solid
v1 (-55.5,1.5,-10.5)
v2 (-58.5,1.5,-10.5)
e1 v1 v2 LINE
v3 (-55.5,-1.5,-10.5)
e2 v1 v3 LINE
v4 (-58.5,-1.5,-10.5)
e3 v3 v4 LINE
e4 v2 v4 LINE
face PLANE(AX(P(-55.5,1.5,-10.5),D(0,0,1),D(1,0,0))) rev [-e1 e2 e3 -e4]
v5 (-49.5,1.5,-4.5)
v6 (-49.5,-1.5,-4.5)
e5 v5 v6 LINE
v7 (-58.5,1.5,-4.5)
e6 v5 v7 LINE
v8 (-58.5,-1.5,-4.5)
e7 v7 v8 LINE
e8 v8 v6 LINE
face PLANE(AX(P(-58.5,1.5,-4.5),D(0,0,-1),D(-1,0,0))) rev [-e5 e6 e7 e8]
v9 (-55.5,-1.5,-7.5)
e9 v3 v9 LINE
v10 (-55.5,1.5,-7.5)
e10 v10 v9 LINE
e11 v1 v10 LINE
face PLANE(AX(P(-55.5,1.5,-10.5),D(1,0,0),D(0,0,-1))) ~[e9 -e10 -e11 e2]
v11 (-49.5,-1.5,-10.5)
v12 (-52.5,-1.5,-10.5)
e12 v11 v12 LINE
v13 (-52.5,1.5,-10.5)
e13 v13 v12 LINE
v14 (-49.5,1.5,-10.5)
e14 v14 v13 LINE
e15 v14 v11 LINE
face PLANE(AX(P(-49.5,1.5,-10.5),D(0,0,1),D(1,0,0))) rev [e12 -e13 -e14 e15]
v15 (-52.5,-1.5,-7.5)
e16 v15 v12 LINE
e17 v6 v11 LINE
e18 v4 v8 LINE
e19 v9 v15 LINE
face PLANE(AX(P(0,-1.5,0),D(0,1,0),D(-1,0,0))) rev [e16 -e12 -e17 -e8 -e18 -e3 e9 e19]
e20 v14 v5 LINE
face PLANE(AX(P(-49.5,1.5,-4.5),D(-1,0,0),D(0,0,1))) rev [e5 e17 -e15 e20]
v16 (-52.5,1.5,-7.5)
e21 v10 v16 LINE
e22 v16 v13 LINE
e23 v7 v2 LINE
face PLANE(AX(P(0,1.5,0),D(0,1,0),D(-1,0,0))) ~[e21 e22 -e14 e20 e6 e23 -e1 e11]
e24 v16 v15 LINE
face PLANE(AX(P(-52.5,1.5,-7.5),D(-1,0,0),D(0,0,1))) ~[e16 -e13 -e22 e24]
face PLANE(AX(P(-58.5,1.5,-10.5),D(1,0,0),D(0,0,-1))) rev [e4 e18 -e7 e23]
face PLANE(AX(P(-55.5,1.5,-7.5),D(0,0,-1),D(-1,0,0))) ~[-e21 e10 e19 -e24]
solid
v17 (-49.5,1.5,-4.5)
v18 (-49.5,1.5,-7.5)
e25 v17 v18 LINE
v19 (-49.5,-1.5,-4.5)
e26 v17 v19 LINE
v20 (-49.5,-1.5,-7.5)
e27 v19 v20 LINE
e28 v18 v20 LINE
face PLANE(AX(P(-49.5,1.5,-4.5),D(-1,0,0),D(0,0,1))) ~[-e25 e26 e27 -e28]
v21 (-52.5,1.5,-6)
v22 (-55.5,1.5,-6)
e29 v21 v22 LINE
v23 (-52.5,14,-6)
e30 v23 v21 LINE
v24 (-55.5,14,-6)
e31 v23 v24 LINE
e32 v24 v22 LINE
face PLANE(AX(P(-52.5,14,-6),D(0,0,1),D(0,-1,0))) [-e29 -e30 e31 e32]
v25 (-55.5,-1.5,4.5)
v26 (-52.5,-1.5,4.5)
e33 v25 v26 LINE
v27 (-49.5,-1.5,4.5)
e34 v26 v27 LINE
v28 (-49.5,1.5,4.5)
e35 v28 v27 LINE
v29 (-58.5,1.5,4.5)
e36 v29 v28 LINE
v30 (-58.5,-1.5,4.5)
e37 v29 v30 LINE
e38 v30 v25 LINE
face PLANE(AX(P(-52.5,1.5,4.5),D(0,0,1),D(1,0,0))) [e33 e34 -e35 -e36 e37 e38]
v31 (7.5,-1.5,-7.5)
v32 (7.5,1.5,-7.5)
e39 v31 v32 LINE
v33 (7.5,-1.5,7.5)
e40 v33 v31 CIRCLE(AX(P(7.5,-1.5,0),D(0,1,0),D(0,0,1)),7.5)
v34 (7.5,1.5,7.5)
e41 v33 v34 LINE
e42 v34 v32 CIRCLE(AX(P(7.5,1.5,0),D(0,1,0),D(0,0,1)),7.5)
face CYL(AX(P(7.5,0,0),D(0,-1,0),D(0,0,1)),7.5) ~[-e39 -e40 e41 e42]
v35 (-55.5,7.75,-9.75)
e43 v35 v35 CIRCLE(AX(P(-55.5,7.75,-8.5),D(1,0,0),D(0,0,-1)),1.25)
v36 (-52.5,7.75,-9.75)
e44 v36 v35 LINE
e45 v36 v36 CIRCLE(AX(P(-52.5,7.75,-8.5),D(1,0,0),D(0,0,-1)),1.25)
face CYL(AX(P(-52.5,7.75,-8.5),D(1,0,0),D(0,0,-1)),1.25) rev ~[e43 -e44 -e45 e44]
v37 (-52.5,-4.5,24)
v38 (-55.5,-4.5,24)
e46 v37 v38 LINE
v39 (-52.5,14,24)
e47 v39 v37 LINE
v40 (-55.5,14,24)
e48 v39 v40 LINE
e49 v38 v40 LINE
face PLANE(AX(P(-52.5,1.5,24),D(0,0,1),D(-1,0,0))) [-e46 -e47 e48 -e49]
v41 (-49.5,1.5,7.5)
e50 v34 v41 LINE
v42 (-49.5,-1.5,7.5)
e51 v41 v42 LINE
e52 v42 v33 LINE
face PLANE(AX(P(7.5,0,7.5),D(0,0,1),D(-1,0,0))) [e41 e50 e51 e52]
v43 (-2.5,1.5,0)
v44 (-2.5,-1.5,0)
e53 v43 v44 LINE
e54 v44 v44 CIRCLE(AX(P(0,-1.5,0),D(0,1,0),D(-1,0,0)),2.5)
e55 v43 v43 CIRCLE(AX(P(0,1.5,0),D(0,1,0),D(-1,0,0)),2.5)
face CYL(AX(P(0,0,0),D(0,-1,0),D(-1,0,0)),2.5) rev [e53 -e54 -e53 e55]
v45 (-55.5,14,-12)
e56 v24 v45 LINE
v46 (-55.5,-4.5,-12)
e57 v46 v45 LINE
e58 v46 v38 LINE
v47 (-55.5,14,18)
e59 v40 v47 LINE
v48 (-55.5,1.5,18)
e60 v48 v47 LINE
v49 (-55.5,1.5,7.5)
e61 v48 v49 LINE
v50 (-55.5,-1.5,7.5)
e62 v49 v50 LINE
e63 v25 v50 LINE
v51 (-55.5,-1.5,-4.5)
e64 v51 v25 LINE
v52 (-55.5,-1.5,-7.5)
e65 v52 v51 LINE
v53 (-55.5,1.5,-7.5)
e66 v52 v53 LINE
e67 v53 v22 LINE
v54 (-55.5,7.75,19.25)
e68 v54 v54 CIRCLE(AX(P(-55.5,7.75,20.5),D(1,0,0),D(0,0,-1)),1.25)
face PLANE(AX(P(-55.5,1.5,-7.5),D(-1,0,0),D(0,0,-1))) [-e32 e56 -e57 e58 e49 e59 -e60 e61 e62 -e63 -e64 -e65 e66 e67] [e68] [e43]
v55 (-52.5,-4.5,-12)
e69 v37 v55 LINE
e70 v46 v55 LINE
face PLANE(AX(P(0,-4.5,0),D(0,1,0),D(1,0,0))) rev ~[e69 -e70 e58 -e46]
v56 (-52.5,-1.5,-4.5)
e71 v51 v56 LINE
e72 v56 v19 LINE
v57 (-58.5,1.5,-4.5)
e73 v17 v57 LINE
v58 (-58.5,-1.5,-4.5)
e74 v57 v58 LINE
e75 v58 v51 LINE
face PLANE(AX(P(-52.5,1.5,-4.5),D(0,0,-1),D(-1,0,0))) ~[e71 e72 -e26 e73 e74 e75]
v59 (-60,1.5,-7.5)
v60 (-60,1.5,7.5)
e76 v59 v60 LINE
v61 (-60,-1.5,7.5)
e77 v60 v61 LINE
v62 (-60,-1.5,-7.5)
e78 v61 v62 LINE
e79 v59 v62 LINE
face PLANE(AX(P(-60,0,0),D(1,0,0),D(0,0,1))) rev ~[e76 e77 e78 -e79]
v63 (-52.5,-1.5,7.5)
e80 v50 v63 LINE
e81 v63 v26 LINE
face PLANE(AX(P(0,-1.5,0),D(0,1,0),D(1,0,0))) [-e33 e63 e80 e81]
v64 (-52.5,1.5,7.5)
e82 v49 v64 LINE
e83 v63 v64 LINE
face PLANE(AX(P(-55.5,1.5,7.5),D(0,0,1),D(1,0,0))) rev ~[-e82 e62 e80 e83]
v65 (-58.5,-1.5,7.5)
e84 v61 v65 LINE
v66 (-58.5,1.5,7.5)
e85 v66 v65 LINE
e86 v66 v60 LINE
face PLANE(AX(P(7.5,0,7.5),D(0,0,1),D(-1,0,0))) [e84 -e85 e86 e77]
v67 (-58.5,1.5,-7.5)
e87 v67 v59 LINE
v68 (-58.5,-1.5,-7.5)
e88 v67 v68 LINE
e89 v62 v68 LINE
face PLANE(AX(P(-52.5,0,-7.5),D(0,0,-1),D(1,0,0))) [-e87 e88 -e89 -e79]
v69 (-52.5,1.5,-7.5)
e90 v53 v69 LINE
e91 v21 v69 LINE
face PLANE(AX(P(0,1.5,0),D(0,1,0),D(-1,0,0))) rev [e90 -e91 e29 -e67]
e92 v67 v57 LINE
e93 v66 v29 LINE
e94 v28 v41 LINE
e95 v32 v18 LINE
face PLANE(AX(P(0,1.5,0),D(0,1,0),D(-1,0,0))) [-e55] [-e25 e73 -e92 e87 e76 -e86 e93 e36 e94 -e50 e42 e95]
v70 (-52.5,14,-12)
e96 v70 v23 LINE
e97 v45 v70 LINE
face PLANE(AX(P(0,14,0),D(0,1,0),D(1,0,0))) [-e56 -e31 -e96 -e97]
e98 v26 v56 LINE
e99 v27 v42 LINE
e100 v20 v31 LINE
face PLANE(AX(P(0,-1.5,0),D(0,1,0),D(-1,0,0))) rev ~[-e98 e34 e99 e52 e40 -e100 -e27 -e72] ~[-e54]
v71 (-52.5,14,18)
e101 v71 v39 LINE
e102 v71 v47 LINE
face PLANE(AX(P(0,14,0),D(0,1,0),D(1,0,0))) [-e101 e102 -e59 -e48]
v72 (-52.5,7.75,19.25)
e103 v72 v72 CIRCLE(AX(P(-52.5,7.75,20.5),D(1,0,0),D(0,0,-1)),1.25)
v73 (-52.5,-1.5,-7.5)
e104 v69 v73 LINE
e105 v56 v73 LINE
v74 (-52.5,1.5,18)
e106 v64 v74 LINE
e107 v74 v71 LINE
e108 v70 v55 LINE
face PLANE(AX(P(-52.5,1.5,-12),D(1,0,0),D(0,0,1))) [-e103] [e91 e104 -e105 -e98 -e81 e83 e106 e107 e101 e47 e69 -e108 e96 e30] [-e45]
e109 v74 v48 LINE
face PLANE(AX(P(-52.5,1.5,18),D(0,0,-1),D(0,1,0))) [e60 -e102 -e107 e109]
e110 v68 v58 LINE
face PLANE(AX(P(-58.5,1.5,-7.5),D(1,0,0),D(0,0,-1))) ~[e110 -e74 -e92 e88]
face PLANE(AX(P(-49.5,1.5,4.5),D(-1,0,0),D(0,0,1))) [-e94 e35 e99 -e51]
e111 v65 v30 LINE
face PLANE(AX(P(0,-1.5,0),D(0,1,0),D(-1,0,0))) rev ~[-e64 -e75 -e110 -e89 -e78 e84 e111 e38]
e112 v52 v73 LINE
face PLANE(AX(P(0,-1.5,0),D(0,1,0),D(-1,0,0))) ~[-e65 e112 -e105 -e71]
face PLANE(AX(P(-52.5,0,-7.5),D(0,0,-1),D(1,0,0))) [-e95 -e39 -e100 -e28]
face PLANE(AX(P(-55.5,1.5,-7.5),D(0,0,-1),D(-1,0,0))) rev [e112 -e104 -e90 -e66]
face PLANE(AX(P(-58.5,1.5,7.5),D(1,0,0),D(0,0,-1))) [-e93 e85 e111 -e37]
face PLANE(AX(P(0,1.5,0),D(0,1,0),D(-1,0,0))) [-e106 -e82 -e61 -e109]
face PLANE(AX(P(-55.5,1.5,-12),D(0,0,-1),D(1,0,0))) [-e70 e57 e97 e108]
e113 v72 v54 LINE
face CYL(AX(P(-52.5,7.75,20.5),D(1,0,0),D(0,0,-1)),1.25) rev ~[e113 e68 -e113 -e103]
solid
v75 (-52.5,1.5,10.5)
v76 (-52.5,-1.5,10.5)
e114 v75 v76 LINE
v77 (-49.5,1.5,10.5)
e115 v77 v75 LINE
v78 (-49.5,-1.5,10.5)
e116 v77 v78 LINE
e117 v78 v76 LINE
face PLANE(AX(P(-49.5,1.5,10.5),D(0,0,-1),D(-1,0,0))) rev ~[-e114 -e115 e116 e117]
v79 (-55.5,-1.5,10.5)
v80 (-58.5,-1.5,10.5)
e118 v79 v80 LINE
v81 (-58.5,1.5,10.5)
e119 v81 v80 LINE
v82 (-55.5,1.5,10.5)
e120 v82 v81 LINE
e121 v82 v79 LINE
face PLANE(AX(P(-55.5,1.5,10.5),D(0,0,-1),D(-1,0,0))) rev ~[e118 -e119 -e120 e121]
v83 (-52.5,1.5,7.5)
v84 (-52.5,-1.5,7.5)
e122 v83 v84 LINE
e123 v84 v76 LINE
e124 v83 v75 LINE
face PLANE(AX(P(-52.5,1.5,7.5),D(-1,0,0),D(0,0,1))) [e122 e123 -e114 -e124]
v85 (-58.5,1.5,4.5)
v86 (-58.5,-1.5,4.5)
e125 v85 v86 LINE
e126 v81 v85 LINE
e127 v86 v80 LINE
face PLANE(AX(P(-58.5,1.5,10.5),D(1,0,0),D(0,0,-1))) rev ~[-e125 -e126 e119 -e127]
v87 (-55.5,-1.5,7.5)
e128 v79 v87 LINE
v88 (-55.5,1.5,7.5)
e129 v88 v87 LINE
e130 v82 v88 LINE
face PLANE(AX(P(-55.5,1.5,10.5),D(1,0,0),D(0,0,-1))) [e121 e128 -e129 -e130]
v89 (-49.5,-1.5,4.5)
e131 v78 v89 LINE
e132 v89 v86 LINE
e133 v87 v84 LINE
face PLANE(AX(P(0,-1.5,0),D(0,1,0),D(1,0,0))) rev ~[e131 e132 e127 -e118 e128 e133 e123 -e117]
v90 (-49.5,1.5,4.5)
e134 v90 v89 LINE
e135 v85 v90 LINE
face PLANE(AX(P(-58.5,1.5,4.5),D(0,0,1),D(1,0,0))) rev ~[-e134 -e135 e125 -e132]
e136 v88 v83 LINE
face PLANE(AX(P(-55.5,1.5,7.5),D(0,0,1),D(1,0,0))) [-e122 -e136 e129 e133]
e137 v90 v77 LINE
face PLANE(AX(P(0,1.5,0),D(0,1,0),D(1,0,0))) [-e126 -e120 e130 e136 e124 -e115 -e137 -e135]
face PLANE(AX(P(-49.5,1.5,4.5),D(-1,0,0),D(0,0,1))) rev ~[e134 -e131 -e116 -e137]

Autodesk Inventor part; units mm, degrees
ref_plane "YZ Plane" through (0, 0, 0) normal (1, 0, 0) x (0, 1, 0)
ref_plane "XZ Plane" through (0, 0, 0) normal (0, 1, 0) x (-1, 0, 0)
ref_plane "XY Plane" through (0, 0, 0) normal (0, 0, 1) x (1, 0, 0)
sketch "草圖1" plane through (0, 0, 0) normal (0, 1, 0) x (-1, 0, 0)
  circle A0 centre (0, 0) radius 2.5
  line L0 (-15, 0) -> (60, 0) construction
  line L1 (-7.5, 7.5) -> (52.5, 7.5)
  line L2 (52.5, -7.5) -> (-7.5, -7.5)
  arc A1 (-7.5, 7.5) -> (-7.5, -7.5) centre (-7.5, 0) ccw
  arc A2 (52.5, -7.5) -> (52.5, 7.5) centre (52.5, 0) ccw
  line L3 (52.5, -7.5) -> (60, -7.5)
  line L4 (60, -7.5) -> (60, 7.5)
  line L5 (60, 7.5) -> (52.5, 7.5)
  line L6 (52.5, 7.5) -> (52.5, -7.5)
  point P0 (22.5, 0)
  point P1 (60, 0)
  point P2 (-15, 0)
  point P3 (60, 0)
  dimension "d0" = 5
  dimension "d5" = 15
  dimension "d6" = 60
  dimension "d7" = 15
extrude "擠出1" add sketch "草圖1" along normal mid plane 3
sketch "草圖2" plane through (0, 1.5, 0) normal (0, 1, 0) x (1, 0, 0)
  arc A0 (7.5, -7.5) -> (7.5, 7.5) centre (7.5, 0) ccw construction
  circle A1 centre (0, 0) radius 2.5 construction
  line L0 (-55.5, 12) -> (-52.5, 12)
  line L1 (-52.5, 12) -> (-52.5, -24)
  line L2 (-52.5, -24) -> (-55.5, -24)
  line L3 (-55.5, -24) -> (-55.5, 12)
  line L4 (-55.5, 6) -> (-52.5, 6)
  line L5 (-52.5, 6) -> (-52.5, -18)
  line L6 (-52.5, -18) -> (-55.5, -18)
  line L7 (-55.5, -18) -> (-55.5, 6)
  line L8 (-75, 0) -> (30, 0) construction
  line L9 (-60, -7.5) -> (7.5, -7.5) projected
  line L10 (7.5, 7.5) -> (-60, 7.5) projected
  line L11 (-60, 7.5) -> (-60, -7.5) projected
  point P0 (-52.5, -6)
  point P1 (-54, -18)
  point P2 (-54, 6)
  dimension "d10" = 36
  dimension "d11" = 3
  dimension "d12" = 24
  dimension "d14" = 6
  dimension "d32" = 4.5
extrude "擠出2" add sketch "草圖2" along normal blind 12.5 and the other way blind 6 contours L0 L1 L10 L3 | L10 L1 L4 L3 | L4 L1 L9 L3 | L9 L1 L6 L3 | L6 L1 L2 L3
sketch "草圖3" plane through (-52.5, -4.5, -12) normal (1, 0, 0) x (0, 0, -1)
  line L0 (0, 0) -> (0, 18.5) projected
  line L1 (-36, 18.5) -> (0, 18.5) projected
  line L2 (-36, 18.5) -> (-36, 0) projected
  line L3 (0, 0) -> (-36, 0) projected
  line L4 (-19.5, 3) -> (-4.5, 3) projected
  line L5 (-19.5, 6) -> (-19.5, 3) projected
  line L6 (-4.5, 6) -> (-19.5, 6) projected
  line L7 (-4.5, 3) -> (-4.5, 6) projected
  line L8 (0, 18.5) -> (-36, 18.5) projected
  line L9 (-30, 18.5) -> (-6, 18.5)
  line L10 (-6, 18.5) -> (-6, 6)
  line L11 (-6, 6) -> (-30, 6)
  line L12 (-30, 6) -> (-30, 18.5)
  point P0 (-12, 4.5)
  point P1 (-18, 18.5)
  point P2 (-19.5, 6)
  point P3 (-6, 18.5)
  dimension "d19" = 24
  dimension "d20" = 12.5
extrude "擠出3" cut sketch "草圖3" against normal up to surface (3 mm away) contours L10 L6 L11 L12 L1
sketch "草圖4" plane through (-52.5, -4.5, 24) normal (1, 0, 0) x (0, 0, -1)
  line L0 (6, 6) -> (6, 18.5) construction
  line L1 (0, 18.5) -> (6, 18.5) construction
  line L2 (0, 18.5) -> (0, 0) construction
  line L3 (36, 0) -> (0, 0) construction
  line L4 (36, 0) -> (36, 18.5) construction
  line L5 (30, 18.5) -> (36, 18.5) construction
  line L6 (30, 18.5) -> (30, 6) construction
  line L7 (31.5, 6) -> (30, 6) construction
  line L8 (31.5, 3) -> (31.5, 6) construction
  line L9 (16.5, 3) -> (31.5, 3) construction
  line L10 (16.5, 6) -> (16.5, 3) construction
  line L11 (16.5, 6) -> (6, 6) construction
  line L12 (0, 0) -> (0, 18.5) construction
  line L13 (0, 12.25) -> (36, 12.25) construction
  line L14 (36, 0) -> (36, 18.5) construction
  circle A0 centre (3.5, 12.25) radius 1.25
  circle A1 centre (32.5, 12.25) radius 1.25
  line L15 (18, 12.25) -> (18, 14.7148) construction
  point P0 (24, 4.5)
  point P1 (6, 12.25)
  dimension "d23" = 2.5
  dimension "d24" = 29
extrude "擠出4" cut sketch "草圖4" against normal up to surface (3 mm away)
sketch "草圖5" plane through (0, 1.5, 0) normal (0, 1, 0) x (1, 0, 0)
  line L0 (-52.5, 12) -> (-52.5, -24) construction
  line L1 (-52.5, -24) -> (-55.5, -24) construction
  line L2 (-55.5, -24) -> (-55.5, 12) construction
  line L3 (-55.5, 12) -> (-52.5, 12) construction
  line L4 (-49.5, -10.5) -> (-52.5, -10.5)
  line L5 (-58.5, -10.5) -> (-58.5, -7.5)
  line L6 (-58.5, -4.5) -> (-55.5, -4.5)
  line L7 (-49.5, -4.5) -> (-49.5, -7.5)
  line L8 (-52.5, -4.5) -> (-49.5, -4.5)
  line L9 (-55.5, -4.5) -> (-52.5, -4.5)
  line L10 (-49.5, -7.5) -> (-49.5, -10.5)
  line L11 (-58.5, -7.5) -> (-58.5, -4.5)
  line L12 (-52.5, -10.5) -> (-55.5, -10.5)
  line L13 (-55.5, -10.5) -> (-58.5, -10.5)
  line L14 (-52.5, -10.5) -> (-55.5, -10.5)
  line L15 (-55.5, -10.5) -> (-55.5, -7.5)
  line L16 (-55.5, -7.5) -> (-52.5, -7.5)
  line L17 (-52.5, -7.5) -> (-52.5, -10.5)
  point P0 (0, 0)
  point P1 (-55.5, -10.5)
extrude "擠出5" cut sketch "草圖5" against normal blind 3 contours L4 L17 L16 L15 L13 L5 L11 L6 L9 L8 L7 L10
extrude "擠出6" add sketch "草圖5" against normal blind 3 separate body contours L4 L17 L16 L15 L13 L5 L11 L6 L9 L8 L7 L10
mirror "鏡射1" about plane through (0, 0, 0) normal (0, 0, 1) of "擠出5" bodies 1
mirror "鏡射2" about plane through (0, 0, 0) normal (0, 0, 1) of "擠出6" bodies 2
properties part number "Arm_3"
